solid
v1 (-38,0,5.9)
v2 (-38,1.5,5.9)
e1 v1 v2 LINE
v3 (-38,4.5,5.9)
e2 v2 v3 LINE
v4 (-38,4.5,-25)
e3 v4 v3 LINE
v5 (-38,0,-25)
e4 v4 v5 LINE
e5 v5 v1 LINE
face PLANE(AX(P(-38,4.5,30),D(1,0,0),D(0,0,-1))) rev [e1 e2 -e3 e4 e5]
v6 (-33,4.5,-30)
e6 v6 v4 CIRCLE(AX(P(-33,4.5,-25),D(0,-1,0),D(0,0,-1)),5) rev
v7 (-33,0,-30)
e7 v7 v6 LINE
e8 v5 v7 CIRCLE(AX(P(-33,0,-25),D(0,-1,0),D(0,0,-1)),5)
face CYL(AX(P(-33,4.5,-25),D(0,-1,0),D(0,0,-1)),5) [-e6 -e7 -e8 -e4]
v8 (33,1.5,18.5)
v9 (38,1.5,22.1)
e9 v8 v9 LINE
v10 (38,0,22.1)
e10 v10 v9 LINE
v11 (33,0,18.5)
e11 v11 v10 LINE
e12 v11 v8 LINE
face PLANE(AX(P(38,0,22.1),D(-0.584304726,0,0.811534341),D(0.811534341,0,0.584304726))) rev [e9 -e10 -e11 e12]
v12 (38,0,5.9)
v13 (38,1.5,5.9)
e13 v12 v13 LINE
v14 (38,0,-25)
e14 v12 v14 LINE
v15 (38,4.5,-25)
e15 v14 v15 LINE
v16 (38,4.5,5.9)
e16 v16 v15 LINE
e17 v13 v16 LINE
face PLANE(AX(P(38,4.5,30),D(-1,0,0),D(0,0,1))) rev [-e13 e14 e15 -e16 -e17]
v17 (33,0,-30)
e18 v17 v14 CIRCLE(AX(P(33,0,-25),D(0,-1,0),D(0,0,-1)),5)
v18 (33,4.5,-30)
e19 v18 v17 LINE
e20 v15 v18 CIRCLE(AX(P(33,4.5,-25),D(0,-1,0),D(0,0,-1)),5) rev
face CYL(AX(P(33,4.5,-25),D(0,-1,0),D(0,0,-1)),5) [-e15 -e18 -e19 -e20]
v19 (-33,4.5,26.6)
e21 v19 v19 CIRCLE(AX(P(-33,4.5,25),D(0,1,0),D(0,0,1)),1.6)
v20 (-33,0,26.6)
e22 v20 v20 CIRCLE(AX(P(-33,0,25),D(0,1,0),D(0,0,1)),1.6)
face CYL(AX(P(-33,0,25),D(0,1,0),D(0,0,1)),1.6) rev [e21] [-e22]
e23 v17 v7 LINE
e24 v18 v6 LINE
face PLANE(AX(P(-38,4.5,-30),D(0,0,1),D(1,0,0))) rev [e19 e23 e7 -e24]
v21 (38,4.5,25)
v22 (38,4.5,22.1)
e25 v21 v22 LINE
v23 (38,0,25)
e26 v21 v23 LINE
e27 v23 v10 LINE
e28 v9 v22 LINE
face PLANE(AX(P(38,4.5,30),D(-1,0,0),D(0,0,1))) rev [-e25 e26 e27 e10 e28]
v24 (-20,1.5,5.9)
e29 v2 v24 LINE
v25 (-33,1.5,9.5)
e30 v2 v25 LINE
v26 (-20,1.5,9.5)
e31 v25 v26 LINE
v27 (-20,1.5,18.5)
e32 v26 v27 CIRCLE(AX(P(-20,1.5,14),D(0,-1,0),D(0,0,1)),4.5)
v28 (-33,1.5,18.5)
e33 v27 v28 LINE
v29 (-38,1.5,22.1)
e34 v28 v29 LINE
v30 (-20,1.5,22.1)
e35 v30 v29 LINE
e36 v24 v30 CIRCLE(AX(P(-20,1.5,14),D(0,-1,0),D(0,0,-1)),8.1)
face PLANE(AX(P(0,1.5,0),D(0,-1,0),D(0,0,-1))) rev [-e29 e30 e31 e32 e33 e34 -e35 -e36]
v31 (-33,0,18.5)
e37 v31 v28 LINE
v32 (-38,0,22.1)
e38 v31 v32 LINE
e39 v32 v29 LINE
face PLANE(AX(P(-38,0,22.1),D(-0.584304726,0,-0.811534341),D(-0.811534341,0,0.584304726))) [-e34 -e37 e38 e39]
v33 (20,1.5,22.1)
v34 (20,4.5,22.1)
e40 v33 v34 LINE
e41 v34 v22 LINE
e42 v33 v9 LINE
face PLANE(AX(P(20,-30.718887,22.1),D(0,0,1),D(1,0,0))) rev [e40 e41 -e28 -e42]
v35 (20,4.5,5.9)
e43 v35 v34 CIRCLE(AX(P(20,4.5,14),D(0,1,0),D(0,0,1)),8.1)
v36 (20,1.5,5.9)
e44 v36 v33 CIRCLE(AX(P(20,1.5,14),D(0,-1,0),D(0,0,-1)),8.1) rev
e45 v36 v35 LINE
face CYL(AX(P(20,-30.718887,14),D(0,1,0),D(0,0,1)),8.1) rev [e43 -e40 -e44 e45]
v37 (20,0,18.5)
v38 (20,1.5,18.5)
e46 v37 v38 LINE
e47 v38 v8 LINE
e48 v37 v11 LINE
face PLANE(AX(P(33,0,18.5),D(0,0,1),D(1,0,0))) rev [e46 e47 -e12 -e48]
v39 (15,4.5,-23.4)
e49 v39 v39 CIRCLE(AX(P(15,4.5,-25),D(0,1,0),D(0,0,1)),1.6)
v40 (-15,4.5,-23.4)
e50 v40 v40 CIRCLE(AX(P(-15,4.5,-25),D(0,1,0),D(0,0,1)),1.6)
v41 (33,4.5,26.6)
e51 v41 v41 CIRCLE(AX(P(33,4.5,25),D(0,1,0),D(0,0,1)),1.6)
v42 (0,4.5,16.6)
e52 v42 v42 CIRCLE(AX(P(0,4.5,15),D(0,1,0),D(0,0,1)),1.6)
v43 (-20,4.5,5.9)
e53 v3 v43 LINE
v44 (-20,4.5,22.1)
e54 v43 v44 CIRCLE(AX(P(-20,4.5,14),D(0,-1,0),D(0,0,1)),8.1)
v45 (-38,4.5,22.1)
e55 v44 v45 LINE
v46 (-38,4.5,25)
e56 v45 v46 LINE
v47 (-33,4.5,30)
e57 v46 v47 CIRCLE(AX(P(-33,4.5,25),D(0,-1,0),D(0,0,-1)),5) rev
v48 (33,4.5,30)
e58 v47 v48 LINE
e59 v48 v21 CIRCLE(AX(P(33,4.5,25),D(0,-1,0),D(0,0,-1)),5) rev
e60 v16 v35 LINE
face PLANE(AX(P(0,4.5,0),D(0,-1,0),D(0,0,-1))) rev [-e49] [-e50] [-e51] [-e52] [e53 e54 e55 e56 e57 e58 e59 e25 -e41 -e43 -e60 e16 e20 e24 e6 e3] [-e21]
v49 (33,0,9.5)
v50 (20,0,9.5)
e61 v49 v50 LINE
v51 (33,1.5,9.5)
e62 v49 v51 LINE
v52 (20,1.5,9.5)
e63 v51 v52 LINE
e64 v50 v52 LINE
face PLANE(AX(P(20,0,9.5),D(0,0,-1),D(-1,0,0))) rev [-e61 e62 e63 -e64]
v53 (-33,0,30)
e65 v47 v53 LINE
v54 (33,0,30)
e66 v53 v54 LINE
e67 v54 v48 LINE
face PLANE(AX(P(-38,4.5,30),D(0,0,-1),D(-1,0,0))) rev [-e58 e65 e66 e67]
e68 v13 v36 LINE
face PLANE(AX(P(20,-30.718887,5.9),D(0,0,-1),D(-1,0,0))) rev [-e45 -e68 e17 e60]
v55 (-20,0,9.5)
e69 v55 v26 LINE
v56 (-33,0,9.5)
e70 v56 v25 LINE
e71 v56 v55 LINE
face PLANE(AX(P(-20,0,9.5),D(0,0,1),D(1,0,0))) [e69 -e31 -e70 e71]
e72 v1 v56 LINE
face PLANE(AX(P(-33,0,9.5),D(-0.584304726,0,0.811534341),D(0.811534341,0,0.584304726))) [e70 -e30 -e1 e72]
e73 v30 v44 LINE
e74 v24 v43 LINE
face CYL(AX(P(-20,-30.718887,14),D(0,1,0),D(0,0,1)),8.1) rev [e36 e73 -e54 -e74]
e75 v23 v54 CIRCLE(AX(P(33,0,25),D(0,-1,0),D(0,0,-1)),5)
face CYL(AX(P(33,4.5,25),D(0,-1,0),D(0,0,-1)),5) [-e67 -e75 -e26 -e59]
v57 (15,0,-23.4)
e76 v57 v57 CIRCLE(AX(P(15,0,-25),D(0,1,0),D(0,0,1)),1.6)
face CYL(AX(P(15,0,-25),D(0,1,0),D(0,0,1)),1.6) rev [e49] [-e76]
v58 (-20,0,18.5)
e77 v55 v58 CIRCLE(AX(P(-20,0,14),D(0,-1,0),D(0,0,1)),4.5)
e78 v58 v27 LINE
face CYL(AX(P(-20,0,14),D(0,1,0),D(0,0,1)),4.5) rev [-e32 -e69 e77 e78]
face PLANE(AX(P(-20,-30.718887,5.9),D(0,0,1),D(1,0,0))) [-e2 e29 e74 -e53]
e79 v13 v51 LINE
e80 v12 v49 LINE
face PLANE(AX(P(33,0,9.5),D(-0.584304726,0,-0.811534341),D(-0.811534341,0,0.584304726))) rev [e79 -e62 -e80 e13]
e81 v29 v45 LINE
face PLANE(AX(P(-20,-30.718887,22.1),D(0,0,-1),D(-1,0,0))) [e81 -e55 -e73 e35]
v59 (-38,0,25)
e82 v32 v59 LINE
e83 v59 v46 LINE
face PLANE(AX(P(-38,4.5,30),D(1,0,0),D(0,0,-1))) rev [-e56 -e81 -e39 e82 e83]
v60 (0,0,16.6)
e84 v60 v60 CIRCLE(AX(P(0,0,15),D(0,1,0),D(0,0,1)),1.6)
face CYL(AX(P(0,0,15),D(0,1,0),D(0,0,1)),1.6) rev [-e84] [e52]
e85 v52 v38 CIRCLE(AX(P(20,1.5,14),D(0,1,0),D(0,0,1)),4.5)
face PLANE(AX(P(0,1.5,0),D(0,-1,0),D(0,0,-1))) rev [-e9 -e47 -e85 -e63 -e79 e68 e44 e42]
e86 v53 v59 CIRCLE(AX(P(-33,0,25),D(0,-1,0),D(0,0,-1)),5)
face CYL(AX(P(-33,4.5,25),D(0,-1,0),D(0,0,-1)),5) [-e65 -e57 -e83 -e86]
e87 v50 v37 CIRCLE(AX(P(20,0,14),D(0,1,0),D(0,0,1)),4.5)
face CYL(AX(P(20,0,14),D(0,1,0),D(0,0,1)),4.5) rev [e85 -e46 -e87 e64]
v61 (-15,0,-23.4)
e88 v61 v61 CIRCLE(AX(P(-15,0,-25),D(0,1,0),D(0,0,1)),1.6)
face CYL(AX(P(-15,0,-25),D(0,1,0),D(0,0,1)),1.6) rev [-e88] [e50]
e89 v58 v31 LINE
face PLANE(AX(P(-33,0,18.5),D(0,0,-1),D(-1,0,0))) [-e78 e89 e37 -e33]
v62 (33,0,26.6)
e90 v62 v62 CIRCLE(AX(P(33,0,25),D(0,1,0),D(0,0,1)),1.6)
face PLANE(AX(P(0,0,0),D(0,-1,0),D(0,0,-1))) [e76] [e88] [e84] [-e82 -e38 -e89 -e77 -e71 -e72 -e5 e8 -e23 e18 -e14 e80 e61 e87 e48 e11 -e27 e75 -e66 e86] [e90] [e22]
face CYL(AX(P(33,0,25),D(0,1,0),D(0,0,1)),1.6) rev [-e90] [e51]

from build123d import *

# Parameters (mm, degrees)
SKETCH1_W           = 76
SKETCH1_H           = 60
BOSS_EXTRUDE1_DEPTH = 4.5
CUT_EXTRUDE1_DEPTH  = 3
CUT_EXTRUDE2_DEPTH  = 49.507731343
FILLET1_R           = 5
SKETCH4_R           = 1.6
CUT_EXTRUDE3_DEPTH  = 49.623553963


with BuildPart() as part:
    # Sketch1 → Boss-Extrude1 (new body)
    with BuildSketch(Plane(origin=(0, 0, 0), x_dir=(1, 0, 0), z_dir=(0, 1, 0))):
        Rectangle(SKETCH1_W, SKETCH1_H)
    extrude(amount=BOSS_EXTRUDE1_DEPTH)

    # Sketch2 → Cut-Extrude1 (cut)
    with BuildSketch(Plane(origin=(0, 4.5, 0), x_dir=(1, 0, 0), z_dir=(0, 1, 0))):
        with BuildLine():
            Line((20, -5.9), (38, -5.9))
            Line((38, -5.9), (38, -22.1))
            Line((38, -22.1), (20, -22.1))
            ThreePointArc((20, -22.1), (11.9, -14), (20, -5.9))
        make_face()
    cut_extrude1 = extrude(amount=-CUT_EXTRUDE1_DEPTH, mode=Mode.SUBTRACT)

    # Sketch3 → Cut-Extrude2 (cut, through all)
    with BuildSketch(Plane(origin=(0, 1.5, 0), x_dir=(1, 0, 0), z_dir=(0, 1, 0))):
        with BuildLine():
            Line((20, -9.5), (33, -9.5))
            Line((33, -9.5), (38, -5.9))
            Line((38, -5.9), (38, -22.1))
            Line((38, -22.1), (33, -18.5))
            Line((33, -18.5), (20, -18.5))
            ThreePointArc((20, -18.5), (15.5, -14), (20, -9.5))
        make_face()
    cut_extrude2 = extrude(amount=-CUT_EXTRUDE2_DEPTH, mode=Mode.SUBTRACT)

    # Mirror1: Cut-Extrude1, Cut-Extrude2 across plane
    add(cut_extrude1.mirror(Plane(origin=(0, 0, 0), x_dir=(0, 0, 1), z_dir=(1, 0, 0))), mode=Mode.SUBTRACT)
    add(cut_extrude2.mirror(Plane(origin=(0, 0, 0), x_dir=(0, 0, 1), z_dir=(1, 0, 0))), mode=Mode.SUBTRACT)

    # Fillet1
    fillet1_edges = [part.edges().sort_by_distance(p)[0] for p in [
        (38, 2.25, 30),
        (-38, 2.25, 30),
        (-38, 2.25, -30),
        (38, 2.25, -30),
    ]]
    fillet(fillet1_edges, radius=FILLET1_R)

    # Sketch4 → Cut-Extrude3 (cut, through all)
    with BuildSketch(Plane(origin=(0, 4.5, 0), x_dir=(1, 0, 0), z_dir=(0, 1, 0))):
        with Locations(Location((-15, 25, 0), (0, 0, 270))):
            Circle(SKETCH4_R)
        with Locations(Location((15, 25, 0), (0, 0, 270))):
            Circle(SKETCH4_R)
        with Locations(Location((33, -25, 0), (0, 0, 270))):
            Circle(SKETCH4_R)
        with Locations(Location((-33, -25, 0), (0, 0, 270))):
            Circle(SKETCH4_R)
        with Locations(Location((0, -15, 0), (0, 0, 270))):
            Circle(SKETCH4_R)
    extrude(amount=-CUT_EXTRUDE3_DEPTH, mode=Mode.SUBTRACT)


solid = part.part
